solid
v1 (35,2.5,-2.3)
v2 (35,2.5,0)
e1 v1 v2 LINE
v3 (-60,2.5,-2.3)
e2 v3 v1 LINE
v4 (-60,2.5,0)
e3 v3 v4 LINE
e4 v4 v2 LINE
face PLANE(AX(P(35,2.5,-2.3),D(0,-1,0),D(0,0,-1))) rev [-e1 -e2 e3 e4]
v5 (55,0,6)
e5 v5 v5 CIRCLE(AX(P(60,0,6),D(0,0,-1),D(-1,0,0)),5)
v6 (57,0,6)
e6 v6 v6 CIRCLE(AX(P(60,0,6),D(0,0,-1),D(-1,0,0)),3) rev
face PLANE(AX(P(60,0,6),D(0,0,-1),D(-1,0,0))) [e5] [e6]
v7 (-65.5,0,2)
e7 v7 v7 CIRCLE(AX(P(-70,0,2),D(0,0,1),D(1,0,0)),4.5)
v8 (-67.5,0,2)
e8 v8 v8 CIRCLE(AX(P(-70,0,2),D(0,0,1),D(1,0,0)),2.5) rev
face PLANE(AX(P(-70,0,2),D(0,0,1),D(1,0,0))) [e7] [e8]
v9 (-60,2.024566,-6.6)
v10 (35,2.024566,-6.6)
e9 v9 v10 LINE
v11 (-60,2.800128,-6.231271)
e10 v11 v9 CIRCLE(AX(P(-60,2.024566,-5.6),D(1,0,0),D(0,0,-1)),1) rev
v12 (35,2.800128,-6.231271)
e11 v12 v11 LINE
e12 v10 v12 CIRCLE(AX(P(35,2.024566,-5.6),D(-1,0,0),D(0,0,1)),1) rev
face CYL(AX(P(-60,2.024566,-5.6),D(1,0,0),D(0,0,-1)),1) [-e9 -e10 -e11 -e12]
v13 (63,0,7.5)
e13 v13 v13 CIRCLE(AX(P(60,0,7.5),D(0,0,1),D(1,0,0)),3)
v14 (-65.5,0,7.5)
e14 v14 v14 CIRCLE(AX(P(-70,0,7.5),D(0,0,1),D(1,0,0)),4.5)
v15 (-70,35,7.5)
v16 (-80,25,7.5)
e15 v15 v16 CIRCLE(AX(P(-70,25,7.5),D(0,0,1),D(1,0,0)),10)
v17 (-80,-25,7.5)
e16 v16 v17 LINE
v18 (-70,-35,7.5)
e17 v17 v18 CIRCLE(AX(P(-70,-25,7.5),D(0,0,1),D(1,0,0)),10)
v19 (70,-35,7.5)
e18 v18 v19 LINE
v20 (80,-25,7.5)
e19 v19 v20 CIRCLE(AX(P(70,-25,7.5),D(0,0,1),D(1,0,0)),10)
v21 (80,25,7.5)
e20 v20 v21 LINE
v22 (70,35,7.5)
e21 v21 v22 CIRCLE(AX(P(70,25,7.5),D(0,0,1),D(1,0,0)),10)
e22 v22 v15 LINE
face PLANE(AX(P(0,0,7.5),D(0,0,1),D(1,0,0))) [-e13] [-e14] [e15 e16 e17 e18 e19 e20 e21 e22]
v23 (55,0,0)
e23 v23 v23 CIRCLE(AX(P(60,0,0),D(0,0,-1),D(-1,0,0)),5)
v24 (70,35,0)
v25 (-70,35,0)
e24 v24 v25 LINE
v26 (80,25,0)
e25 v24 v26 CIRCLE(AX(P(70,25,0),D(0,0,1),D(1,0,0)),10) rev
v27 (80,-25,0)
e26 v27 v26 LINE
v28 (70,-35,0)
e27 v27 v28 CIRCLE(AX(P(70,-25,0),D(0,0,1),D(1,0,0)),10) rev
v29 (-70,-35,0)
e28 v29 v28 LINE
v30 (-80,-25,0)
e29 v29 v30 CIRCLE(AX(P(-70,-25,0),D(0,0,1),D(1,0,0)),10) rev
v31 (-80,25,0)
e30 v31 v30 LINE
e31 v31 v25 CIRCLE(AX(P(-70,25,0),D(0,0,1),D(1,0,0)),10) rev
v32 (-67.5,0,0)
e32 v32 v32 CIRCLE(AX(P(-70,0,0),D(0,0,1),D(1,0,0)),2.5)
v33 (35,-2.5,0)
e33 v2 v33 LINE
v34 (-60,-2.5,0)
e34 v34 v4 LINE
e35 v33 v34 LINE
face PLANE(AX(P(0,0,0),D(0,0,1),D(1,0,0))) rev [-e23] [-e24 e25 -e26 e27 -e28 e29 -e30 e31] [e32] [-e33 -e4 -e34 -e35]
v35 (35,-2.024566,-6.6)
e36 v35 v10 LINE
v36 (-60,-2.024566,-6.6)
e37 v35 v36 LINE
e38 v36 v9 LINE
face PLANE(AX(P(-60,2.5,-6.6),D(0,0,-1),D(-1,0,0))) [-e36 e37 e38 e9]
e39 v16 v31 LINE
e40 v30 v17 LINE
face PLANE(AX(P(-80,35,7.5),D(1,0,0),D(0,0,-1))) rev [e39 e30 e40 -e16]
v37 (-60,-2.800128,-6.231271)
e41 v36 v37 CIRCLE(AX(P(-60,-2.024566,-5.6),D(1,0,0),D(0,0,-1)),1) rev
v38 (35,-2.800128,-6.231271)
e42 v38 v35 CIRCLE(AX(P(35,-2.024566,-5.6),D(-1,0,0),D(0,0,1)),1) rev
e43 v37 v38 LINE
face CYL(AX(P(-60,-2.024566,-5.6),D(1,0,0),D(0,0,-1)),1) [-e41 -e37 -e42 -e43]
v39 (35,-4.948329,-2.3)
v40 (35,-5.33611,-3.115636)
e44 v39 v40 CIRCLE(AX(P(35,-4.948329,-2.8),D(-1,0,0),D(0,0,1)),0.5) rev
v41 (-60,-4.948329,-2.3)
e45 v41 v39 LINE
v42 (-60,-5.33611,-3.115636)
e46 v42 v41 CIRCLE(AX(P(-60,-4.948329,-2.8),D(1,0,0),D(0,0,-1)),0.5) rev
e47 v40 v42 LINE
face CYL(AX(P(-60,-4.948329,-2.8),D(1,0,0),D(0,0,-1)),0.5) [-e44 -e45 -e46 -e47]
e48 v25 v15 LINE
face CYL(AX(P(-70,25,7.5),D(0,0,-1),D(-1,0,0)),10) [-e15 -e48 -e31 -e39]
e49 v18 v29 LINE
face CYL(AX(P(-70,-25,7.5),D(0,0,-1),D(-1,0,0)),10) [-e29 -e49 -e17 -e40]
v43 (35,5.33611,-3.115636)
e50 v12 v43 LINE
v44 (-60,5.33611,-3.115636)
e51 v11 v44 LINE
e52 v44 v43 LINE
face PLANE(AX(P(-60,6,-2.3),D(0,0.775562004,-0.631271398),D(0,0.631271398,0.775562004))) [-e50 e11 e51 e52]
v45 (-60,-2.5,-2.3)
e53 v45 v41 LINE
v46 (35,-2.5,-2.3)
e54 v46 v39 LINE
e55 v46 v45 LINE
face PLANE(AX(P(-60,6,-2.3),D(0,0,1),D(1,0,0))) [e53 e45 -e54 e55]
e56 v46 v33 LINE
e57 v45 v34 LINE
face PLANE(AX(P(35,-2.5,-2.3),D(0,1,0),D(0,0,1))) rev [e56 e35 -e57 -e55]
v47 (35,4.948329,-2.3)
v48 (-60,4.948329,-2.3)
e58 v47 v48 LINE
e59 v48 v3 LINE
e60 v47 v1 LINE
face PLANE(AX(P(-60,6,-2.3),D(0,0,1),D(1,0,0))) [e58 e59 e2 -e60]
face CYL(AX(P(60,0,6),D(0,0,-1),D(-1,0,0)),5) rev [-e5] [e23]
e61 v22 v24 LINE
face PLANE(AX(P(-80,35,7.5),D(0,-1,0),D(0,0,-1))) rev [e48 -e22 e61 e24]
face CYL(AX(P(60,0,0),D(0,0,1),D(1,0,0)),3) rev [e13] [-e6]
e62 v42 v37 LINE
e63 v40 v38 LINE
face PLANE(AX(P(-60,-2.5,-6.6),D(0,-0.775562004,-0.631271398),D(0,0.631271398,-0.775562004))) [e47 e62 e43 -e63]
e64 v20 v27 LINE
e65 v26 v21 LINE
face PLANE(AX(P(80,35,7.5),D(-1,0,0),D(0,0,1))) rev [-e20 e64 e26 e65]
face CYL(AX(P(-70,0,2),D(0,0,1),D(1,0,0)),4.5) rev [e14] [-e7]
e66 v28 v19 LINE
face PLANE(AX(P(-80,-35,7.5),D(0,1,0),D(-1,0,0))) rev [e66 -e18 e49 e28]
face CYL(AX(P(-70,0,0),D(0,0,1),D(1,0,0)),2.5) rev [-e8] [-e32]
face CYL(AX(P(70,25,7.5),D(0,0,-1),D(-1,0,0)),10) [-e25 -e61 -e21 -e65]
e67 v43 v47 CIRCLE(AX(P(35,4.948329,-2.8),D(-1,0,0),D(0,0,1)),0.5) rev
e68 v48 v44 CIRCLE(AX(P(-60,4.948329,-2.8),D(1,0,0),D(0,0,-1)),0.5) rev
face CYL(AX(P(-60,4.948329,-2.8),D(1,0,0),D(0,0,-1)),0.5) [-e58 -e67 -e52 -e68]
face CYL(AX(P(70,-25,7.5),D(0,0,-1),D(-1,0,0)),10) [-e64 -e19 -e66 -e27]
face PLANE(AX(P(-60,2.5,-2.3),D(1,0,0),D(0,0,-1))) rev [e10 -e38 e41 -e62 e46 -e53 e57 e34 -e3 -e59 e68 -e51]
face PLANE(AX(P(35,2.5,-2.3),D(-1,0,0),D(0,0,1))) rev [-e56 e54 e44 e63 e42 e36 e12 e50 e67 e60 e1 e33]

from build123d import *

# Parameters (mm, degrees)
SKETCH1_W               = 160
SKETCH1_H               = 70
BOSS_EXTRUDE1_DEPTH     = 7.5
CUT_EXTRUDE1_DEPTH      = 88.642740715
CUT_EXTRUDE1_DEPTH_BACK = 88.642740715
SKETCH2_R               = 2.5
SKETCH2_R_2             = 3
SKETCH3_R               = 4.5
CUT_EXTRUDE2_DEPTH      = 5.5
SKETCH4_R               = 5
CUT_EXTRUDE3_DEPTH      = 6
SKETCH5_W               = 95
SKETCH5_H               = 5
BOSS_EXTRUDE2_DEPTH     = 2.3
BOSS_EXTRUDE3_DEPTH     = 95
FILLET1_R               = 1
FILLET2_R               = 0.5
FILLET3_R               = 10


with BuildPart() as part:
    # Sketch1 → Boss-Extrude1 (new body)
    with BuildSketch(Plane.XY):
        Rectangle(SKETCH1_W, SKETCH1_H)
    extrude(amount=BOSS_EXTRUDE1_DEPTH)

    # Sketch2 → Cut-Extrude1 (cut, two sides: drawn at the far end of the back side and taken through both)
    with BuildSketch(Plane.XY.offset(7.5).offset(-CUT_EXTRUDE1_DEPTH_BACK)):
        with Locations((-70, 0)):
            Circle(SKETCH2_R)
        with Locations((60, 0)):
            Circle(SKETCH2_R_2)
    extrude(amount=CUT_EXTRUDE1_DEPTH + CUT_EXTRUDE1_DEPTH_BACK, mode=Mode.SUBTRACT)

    # Sketch3 → Cut-Extrude2 (cut)
    with BuildSketch(Plane.XY.offset(7.5)):
        with Locations((-70, 0)):
            Circle(SKETCH3_R)
    extrude(amount=-CUT_EXTRUDE2_DEPTH, mode=Mode.SUBTRACT)

    # Sketch4 → Cut-Extrude3 (cut)
    with BuildSketch(Plane(origin=(0, 0, 0), x_dir=(-1, 0, 0), z_dir=(0, 0, -1))):
        with Locations((-60, 0)):
            Circle(SKETCH4_R)
    extrude(amount=-CUT_EXTRUDE3_DEPTH, mode=Mode.SUBTRACT)

    # Sketch5 → Boss-Extrude2 (add)
    with BuildSketch(Plane(origin=(0, 0, 0), x_dir=(-1, 0, 0), z_dir=(0, 0, -1))):
        with Locations((12.5, 0)):
            Rectangle(SKETCH5_W, SKETCH5_H)
    extrude(amount=BOSS_EXTRUDE2_DEPTH)

    # Sketch6 → Boss-Extrude3 (add)
    with BuildSketch(Plane(origin=(35, 0, 0), x_dir=(0, 0, -1), z_dir=(1, 0, 0))):
        Polygon((2.3, 6), (2.3, -6), (6.6, -2.5), (6.6, 2.5), align=None)
    extrude(amount=-BOSS_EXTRUDE3_DEPTH)

    # Fillet1
    fillet1_edges = [part.edges().sort_by_distance(p)[0] for p in [
        (-12.5, -2.5, -6.6),
        (-12.5, 2.5, -6.6),
    ]]
    fillet(fillet1_edges, radius=FILLET1_R)

    # Fillet2
    fillet2_edges = [part.edges().sort_by_distance(p)[0] for p in [
        (-12.5, -6, -2.3),
        (-12.5, 6, -2.3),
    ]]
    fillet(fillet2_edges, radius=FILLET2_R)

    # Fillet3
    fillet3_edges = [part.edges().sort_by_distance(p)[0] for p in [
        (-80, 35, 3.75),
        (80, 35, 3.75),
        (80, -35, 3.75),
        (-80, -35, 3.75),
    ]]
    fillet(fillet3_edges, radius=FILLET3_R)


solid = part.part
